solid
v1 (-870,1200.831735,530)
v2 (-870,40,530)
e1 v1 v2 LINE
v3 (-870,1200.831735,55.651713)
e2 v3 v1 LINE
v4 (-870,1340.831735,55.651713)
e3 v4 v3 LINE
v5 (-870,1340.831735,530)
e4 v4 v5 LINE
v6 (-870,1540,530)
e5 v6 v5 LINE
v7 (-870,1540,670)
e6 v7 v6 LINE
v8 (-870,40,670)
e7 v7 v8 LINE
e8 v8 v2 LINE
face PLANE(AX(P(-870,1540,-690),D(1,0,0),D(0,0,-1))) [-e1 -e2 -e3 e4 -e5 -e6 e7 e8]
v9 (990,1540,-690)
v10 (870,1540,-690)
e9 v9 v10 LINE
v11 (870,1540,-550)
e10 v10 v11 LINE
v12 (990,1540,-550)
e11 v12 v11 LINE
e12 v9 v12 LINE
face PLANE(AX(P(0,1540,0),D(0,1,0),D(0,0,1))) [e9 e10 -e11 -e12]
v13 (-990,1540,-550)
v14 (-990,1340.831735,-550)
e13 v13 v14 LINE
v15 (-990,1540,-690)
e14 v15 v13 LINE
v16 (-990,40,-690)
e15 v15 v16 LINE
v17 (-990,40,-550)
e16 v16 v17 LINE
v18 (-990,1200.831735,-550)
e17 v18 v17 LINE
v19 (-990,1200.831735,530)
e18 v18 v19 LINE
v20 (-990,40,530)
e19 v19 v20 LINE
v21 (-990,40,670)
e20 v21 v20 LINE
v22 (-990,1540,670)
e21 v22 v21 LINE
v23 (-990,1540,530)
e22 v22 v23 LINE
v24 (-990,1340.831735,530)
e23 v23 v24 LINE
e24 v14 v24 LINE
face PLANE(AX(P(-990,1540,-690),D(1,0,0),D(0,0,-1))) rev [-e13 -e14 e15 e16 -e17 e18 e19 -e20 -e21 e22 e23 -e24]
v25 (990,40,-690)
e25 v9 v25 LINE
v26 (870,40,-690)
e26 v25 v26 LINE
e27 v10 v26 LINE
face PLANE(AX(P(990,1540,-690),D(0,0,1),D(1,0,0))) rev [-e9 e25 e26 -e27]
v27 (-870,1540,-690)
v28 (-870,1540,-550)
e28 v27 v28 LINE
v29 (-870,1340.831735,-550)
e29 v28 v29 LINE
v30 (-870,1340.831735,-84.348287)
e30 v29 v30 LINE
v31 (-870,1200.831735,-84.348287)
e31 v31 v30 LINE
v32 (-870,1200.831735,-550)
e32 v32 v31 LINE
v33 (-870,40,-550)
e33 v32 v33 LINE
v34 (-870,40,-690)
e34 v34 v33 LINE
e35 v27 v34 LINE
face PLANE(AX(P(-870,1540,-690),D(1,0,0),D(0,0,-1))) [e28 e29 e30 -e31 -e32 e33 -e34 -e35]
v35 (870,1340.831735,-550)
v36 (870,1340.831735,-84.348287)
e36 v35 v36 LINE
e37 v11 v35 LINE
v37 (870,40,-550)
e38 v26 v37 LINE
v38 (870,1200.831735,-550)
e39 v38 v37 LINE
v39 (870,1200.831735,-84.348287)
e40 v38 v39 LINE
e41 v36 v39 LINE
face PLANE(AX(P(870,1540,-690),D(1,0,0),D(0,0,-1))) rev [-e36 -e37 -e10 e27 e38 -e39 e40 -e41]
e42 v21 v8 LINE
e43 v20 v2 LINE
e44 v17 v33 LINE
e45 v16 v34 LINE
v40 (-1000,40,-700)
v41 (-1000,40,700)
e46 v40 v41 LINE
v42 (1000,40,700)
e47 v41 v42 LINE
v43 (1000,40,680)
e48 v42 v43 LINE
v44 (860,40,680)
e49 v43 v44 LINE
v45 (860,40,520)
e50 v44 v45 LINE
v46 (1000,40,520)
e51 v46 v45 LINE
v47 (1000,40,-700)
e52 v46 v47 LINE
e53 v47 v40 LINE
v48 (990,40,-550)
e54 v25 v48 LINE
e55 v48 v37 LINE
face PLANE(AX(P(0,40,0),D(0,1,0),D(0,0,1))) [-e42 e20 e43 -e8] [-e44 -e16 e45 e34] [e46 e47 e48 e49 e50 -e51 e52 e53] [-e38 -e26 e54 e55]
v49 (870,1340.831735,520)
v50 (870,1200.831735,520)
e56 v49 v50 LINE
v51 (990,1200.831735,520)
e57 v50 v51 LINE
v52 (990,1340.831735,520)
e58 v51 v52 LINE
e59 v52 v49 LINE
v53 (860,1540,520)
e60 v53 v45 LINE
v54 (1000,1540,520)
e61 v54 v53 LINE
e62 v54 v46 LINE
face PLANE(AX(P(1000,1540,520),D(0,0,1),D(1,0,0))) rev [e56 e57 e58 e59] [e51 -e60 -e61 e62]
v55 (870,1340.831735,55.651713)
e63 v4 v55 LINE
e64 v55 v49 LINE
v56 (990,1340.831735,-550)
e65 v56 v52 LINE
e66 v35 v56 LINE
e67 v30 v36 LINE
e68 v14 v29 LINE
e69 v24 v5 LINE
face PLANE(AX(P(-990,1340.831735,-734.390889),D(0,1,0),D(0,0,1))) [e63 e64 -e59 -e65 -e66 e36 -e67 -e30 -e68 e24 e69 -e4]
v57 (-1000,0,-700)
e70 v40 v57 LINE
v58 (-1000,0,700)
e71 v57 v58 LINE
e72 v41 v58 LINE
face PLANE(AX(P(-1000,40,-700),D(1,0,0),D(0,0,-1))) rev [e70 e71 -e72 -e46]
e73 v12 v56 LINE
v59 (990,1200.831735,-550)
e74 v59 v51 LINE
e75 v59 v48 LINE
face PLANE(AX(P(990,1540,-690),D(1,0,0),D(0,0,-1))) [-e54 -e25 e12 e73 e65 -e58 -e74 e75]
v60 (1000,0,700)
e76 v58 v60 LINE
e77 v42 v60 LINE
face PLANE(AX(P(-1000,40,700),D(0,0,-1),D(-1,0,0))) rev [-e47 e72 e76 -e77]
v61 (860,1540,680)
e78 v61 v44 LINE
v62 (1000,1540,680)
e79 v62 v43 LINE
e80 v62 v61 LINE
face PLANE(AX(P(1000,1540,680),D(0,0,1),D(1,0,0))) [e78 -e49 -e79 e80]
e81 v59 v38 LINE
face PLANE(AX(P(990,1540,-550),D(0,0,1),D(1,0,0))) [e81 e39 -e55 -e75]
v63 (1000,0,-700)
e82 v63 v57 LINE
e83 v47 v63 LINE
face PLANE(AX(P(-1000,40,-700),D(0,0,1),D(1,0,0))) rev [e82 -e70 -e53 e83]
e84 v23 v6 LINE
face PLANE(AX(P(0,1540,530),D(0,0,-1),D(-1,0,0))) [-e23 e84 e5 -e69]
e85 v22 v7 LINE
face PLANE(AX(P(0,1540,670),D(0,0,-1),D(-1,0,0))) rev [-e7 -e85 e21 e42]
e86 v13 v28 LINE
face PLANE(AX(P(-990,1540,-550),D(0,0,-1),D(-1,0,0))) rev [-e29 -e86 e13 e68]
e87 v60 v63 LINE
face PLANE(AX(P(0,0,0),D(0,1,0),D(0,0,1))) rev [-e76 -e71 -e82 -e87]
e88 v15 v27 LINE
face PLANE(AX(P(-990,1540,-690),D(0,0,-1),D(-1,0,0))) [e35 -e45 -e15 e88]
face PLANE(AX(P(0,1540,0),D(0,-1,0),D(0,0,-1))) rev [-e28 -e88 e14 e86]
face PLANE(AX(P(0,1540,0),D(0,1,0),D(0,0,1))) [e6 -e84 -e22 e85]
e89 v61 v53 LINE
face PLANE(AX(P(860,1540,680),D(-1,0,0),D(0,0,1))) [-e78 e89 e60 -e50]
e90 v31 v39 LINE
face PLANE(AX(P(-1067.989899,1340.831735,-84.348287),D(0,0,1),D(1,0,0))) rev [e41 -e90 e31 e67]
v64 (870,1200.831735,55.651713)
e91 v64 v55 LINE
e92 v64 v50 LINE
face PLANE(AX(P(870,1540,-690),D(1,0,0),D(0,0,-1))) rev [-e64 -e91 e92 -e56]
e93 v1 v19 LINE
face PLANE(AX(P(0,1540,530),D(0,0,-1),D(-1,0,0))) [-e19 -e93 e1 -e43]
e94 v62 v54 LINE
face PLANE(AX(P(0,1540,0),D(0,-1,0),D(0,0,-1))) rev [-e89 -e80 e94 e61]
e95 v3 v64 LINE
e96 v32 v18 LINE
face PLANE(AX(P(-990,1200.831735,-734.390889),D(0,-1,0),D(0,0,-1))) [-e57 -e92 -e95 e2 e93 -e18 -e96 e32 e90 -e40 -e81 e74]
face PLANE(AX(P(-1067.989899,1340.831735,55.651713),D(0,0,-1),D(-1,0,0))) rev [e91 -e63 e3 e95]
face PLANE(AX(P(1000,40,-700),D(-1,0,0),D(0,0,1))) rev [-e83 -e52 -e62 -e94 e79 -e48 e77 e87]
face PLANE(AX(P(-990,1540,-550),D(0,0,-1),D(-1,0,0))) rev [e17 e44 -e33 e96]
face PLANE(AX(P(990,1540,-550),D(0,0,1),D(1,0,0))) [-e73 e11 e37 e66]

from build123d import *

# Parameters (mm, degrees)
SKETCH1_W           = 2000
SKETCH1_H           = 1400
BOSS_EXTRUDE1_DEPTH = 40
SKETCH4_W           = 120
SKETCH4_H           = 140
SKETCH4_W_2         = 140
SKETCH4_H_2         = 160
BOSS_EXTRUDE2_DEPTH = 1500
SKETCH5_W           = 120
SKETCH5_H           = 140
BOSS_EXTRUDE3_DEPTH = 1220
SKETCH6_W           = 140
SKETCH6_H           = 140
BOSS_EXTRUDE4_DEPTH = 1740


with BuildPart() as part:
    # Sketch1 → Boss-Extrude1 (new body)
    with BuildSketch(Plane(origin=(0, 0, 0), x_dir=(1, 0, 0), z_dir=(0, 1, 0))):
        Rectangle(SKETCH1_W, SKETCH1_H)
    extrude(amount=BOSS_EXTRUDE1_DEPTH)

    # Sketch4 → Boss-Extrude2 (add)
    with BuildSketch(Plane(origin=(0, 40, 0), x_dir=(1, 0, 0), z_dir=(0, 1, 0))):
        with Locations((-930, -600)):
            Rectangle(SKETCH4_W, SKETCH4_H)
        with Locations((930, 620)):
            Rectangle(SKETCH4_W, SKETCH4_H)
        with Locations((930, -600)):
            Rectangle(SKETCH4_W_2, SKETCH4_H_2)
        with Locations((-930, 620)):
            Rectangle(SKETCH4_W, SKETCH4_H)
    extrude(amount=BOSS_EXTRUDE2_DEPTH)

    # Sketch5 → Boss-Extrude3 (add)
    with BuildSketch(Plane.XY.offset(670)):
        with Locations((-930, 1270.83173518)):
            Rectangle(SKETCH5_W, SKETCH5_H)
        with Locations((930, 1270.83173518)):
            Rectangle(SKETCH5_W, SKETCH5_H)
    extrude(amount=-BOSS_EXTRUDE3_DEPTH)

    # Sketch6 → Boss-Extrude4 (add)
    with BuildSketch(Plane.ZY.offset(-870)):
        with Locations((-14.348286906, 1270.83173518)):
            Rectangle(SKETCH6_W, SKETCH6_H)
    extrude(amount=BOSS_EXTRUDE4_DEPTH)


solid = part.part
